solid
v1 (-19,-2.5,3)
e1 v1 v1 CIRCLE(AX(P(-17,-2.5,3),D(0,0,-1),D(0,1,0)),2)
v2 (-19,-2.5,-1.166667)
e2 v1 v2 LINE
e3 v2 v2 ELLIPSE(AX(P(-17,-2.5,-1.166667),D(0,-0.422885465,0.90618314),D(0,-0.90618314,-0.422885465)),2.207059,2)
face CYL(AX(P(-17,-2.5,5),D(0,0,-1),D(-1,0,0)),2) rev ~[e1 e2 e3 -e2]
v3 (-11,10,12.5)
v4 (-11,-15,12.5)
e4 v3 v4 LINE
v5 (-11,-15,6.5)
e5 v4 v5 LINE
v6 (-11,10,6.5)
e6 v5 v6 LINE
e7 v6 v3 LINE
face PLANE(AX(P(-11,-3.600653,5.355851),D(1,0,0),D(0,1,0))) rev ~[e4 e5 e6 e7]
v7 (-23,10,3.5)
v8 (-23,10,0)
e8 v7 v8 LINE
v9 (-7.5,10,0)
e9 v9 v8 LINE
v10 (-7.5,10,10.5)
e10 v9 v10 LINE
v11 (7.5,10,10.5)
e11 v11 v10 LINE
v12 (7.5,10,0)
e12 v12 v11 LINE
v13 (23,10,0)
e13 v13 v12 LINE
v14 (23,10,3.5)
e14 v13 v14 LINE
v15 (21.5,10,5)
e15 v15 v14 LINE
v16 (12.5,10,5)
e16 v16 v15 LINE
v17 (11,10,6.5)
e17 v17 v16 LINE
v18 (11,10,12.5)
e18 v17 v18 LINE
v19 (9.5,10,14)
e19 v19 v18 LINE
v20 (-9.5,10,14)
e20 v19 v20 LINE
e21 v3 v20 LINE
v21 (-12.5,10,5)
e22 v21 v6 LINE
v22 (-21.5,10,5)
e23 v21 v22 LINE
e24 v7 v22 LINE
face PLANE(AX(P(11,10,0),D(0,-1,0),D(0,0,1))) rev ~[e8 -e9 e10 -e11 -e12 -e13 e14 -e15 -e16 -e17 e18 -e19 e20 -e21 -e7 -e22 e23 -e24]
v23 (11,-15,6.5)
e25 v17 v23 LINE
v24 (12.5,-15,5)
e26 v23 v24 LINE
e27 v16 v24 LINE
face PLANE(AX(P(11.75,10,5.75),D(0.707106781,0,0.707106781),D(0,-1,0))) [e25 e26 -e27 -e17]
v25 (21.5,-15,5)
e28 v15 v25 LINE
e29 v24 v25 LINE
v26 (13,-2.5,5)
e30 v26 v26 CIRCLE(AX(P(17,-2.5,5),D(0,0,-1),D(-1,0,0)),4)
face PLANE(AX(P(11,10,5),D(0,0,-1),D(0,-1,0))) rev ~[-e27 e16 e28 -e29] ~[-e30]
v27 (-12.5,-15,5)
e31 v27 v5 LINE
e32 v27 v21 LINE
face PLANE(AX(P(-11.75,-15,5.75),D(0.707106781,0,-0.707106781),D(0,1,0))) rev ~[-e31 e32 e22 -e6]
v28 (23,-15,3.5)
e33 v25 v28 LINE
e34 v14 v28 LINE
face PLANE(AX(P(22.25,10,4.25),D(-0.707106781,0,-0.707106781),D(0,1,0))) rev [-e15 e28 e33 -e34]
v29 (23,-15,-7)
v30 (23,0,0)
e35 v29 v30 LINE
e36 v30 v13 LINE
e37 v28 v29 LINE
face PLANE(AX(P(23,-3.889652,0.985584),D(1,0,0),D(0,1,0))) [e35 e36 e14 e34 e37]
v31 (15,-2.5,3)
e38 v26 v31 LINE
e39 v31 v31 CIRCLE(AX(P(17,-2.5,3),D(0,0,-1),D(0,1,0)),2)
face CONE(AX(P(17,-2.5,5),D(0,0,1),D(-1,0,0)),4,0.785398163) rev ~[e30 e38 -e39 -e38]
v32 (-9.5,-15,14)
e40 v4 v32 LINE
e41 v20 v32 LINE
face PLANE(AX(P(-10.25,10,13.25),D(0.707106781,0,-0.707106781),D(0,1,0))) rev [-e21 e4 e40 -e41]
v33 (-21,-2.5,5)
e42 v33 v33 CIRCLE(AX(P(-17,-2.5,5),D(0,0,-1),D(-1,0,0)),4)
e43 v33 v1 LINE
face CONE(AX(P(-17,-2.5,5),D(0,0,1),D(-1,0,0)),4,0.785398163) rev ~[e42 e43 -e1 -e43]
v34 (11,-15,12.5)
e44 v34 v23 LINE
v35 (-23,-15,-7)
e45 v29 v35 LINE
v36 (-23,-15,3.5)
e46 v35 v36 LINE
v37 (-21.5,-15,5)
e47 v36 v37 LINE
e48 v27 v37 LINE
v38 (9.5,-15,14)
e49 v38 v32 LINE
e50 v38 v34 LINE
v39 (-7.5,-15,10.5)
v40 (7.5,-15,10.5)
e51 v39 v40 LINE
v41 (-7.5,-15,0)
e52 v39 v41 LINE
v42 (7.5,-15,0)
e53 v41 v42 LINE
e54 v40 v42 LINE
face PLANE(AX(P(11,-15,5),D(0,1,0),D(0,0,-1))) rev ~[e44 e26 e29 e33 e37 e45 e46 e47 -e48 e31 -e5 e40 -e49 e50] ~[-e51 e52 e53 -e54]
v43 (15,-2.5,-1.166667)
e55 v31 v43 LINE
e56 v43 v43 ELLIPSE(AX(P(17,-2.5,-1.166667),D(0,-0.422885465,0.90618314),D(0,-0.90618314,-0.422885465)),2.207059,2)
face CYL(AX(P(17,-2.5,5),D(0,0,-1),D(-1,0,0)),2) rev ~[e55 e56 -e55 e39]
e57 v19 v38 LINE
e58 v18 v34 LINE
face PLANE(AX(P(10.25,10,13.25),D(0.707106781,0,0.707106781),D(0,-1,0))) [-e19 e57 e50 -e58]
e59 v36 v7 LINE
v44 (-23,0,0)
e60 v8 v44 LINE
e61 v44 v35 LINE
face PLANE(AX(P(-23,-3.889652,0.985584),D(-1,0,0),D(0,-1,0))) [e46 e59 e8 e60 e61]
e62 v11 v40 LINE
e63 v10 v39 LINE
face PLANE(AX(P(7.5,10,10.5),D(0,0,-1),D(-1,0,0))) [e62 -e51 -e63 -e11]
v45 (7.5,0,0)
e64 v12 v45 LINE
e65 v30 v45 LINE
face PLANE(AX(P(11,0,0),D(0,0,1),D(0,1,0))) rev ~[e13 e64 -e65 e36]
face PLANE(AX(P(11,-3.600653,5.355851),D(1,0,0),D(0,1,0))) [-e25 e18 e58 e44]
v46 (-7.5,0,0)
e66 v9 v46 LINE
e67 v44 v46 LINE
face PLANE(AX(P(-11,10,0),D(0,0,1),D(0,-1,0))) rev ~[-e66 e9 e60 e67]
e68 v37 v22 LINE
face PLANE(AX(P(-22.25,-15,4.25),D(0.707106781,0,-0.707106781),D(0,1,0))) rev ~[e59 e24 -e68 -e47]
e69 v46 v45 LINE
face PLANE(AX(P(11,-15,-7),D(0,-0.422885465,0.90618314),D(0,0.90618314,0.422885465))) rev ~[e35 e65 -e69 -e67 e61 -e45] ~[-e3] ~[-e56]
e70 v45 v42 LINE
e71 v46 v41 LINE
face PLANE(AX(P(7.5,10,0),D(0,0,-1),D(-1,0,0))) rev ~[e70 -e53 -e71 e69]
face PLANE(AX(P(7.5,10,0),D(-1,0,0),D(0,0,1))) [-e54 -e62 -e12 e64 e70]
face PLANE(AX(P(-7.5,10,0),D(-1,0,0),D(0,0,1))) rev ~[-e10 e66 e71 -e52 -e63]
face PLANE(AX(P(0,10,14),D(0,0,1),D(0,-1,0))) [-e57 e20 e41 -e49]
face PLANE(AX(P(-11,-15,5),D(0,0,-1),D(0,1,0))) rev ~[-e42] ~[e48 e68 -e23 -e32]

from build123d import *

# Parameters (mm, degrees)
F1_DEPTH        = 11
F2_W            = 15
F2_H            = 10.5
F3_DEPTH        = 25.001
F5_DEPTH        = 12
F7_DEPTH        = 12
F8_SIZE         = 1.5
F10_D           = 4
F10_CSINK_D     = 8
F10_CSINK_ANGLE = 90


with BuildPart() as f1:
    # F0 (on Right) → F1 (new body, symmetric)
    with BuildSketch(Plane.YZ):
        Polygon((-15, -7), (0, 0), (10, 0), (10, 14), (-15, 14), align=None)
    extrude(amount=F1_DEPTH, both=True)

    # F2 (on face) → F3 (cut, through all)
    with BuildSketch(Plane(origin=(0, 10, 0), x_dir=(-1, 0, 0), z_dir=(0, 1, 0))):
        with Locations((0, 5.25)):
            Rectangle(F2_W, F2_H)
    extrude(amount=-F3_DEPTH, mode=Mode.SUBTRACT)

    # F4 (on face) → F5 (join)
    with BuildSketch(Plane(origin=(-11, 0, 0), x_dir=(0, -1, 0), z_dir=(-1, 0, 0))):
        Polygon((15, 5), (-10, 5), (-10, 0), (0, 0), (15, -7), align=None)
    extrude(amount=F5_DEPTH)

    # F6 (on face) → F7 (join)
    with BuildSketch(Plane.YZ.offset(11)):
        Polygon((10, 0), (10, 5), (-15, 5), (-15, -7), (0, 0), align=None)
    extrude(amount=F7_DEPTH)

    # F8
    f8_edges = [f1.edges().sort_by_distance(p)[0] for p in [
        (11, -2.5, 5),
        (11, -2.5, 14),
        (-11, -2.5, 14),
        (-11, -2.5, 5),
        (23, -2.5, 5),
        (-23, -2.5, 5),
    ]]
    chamfer(f8_edges, length=F8_SIZE)

    # F10 (through all)
    with Locations(Plane.XY.offset(5)):
        with Locations((-17, -2.5), (17, -2.5)):
            CounterSinkHole(F10_D / 2, F10_CSINK_D / 2, counter_sink_angle=F10_CSINK_ANGLE)


solid = f1.part
